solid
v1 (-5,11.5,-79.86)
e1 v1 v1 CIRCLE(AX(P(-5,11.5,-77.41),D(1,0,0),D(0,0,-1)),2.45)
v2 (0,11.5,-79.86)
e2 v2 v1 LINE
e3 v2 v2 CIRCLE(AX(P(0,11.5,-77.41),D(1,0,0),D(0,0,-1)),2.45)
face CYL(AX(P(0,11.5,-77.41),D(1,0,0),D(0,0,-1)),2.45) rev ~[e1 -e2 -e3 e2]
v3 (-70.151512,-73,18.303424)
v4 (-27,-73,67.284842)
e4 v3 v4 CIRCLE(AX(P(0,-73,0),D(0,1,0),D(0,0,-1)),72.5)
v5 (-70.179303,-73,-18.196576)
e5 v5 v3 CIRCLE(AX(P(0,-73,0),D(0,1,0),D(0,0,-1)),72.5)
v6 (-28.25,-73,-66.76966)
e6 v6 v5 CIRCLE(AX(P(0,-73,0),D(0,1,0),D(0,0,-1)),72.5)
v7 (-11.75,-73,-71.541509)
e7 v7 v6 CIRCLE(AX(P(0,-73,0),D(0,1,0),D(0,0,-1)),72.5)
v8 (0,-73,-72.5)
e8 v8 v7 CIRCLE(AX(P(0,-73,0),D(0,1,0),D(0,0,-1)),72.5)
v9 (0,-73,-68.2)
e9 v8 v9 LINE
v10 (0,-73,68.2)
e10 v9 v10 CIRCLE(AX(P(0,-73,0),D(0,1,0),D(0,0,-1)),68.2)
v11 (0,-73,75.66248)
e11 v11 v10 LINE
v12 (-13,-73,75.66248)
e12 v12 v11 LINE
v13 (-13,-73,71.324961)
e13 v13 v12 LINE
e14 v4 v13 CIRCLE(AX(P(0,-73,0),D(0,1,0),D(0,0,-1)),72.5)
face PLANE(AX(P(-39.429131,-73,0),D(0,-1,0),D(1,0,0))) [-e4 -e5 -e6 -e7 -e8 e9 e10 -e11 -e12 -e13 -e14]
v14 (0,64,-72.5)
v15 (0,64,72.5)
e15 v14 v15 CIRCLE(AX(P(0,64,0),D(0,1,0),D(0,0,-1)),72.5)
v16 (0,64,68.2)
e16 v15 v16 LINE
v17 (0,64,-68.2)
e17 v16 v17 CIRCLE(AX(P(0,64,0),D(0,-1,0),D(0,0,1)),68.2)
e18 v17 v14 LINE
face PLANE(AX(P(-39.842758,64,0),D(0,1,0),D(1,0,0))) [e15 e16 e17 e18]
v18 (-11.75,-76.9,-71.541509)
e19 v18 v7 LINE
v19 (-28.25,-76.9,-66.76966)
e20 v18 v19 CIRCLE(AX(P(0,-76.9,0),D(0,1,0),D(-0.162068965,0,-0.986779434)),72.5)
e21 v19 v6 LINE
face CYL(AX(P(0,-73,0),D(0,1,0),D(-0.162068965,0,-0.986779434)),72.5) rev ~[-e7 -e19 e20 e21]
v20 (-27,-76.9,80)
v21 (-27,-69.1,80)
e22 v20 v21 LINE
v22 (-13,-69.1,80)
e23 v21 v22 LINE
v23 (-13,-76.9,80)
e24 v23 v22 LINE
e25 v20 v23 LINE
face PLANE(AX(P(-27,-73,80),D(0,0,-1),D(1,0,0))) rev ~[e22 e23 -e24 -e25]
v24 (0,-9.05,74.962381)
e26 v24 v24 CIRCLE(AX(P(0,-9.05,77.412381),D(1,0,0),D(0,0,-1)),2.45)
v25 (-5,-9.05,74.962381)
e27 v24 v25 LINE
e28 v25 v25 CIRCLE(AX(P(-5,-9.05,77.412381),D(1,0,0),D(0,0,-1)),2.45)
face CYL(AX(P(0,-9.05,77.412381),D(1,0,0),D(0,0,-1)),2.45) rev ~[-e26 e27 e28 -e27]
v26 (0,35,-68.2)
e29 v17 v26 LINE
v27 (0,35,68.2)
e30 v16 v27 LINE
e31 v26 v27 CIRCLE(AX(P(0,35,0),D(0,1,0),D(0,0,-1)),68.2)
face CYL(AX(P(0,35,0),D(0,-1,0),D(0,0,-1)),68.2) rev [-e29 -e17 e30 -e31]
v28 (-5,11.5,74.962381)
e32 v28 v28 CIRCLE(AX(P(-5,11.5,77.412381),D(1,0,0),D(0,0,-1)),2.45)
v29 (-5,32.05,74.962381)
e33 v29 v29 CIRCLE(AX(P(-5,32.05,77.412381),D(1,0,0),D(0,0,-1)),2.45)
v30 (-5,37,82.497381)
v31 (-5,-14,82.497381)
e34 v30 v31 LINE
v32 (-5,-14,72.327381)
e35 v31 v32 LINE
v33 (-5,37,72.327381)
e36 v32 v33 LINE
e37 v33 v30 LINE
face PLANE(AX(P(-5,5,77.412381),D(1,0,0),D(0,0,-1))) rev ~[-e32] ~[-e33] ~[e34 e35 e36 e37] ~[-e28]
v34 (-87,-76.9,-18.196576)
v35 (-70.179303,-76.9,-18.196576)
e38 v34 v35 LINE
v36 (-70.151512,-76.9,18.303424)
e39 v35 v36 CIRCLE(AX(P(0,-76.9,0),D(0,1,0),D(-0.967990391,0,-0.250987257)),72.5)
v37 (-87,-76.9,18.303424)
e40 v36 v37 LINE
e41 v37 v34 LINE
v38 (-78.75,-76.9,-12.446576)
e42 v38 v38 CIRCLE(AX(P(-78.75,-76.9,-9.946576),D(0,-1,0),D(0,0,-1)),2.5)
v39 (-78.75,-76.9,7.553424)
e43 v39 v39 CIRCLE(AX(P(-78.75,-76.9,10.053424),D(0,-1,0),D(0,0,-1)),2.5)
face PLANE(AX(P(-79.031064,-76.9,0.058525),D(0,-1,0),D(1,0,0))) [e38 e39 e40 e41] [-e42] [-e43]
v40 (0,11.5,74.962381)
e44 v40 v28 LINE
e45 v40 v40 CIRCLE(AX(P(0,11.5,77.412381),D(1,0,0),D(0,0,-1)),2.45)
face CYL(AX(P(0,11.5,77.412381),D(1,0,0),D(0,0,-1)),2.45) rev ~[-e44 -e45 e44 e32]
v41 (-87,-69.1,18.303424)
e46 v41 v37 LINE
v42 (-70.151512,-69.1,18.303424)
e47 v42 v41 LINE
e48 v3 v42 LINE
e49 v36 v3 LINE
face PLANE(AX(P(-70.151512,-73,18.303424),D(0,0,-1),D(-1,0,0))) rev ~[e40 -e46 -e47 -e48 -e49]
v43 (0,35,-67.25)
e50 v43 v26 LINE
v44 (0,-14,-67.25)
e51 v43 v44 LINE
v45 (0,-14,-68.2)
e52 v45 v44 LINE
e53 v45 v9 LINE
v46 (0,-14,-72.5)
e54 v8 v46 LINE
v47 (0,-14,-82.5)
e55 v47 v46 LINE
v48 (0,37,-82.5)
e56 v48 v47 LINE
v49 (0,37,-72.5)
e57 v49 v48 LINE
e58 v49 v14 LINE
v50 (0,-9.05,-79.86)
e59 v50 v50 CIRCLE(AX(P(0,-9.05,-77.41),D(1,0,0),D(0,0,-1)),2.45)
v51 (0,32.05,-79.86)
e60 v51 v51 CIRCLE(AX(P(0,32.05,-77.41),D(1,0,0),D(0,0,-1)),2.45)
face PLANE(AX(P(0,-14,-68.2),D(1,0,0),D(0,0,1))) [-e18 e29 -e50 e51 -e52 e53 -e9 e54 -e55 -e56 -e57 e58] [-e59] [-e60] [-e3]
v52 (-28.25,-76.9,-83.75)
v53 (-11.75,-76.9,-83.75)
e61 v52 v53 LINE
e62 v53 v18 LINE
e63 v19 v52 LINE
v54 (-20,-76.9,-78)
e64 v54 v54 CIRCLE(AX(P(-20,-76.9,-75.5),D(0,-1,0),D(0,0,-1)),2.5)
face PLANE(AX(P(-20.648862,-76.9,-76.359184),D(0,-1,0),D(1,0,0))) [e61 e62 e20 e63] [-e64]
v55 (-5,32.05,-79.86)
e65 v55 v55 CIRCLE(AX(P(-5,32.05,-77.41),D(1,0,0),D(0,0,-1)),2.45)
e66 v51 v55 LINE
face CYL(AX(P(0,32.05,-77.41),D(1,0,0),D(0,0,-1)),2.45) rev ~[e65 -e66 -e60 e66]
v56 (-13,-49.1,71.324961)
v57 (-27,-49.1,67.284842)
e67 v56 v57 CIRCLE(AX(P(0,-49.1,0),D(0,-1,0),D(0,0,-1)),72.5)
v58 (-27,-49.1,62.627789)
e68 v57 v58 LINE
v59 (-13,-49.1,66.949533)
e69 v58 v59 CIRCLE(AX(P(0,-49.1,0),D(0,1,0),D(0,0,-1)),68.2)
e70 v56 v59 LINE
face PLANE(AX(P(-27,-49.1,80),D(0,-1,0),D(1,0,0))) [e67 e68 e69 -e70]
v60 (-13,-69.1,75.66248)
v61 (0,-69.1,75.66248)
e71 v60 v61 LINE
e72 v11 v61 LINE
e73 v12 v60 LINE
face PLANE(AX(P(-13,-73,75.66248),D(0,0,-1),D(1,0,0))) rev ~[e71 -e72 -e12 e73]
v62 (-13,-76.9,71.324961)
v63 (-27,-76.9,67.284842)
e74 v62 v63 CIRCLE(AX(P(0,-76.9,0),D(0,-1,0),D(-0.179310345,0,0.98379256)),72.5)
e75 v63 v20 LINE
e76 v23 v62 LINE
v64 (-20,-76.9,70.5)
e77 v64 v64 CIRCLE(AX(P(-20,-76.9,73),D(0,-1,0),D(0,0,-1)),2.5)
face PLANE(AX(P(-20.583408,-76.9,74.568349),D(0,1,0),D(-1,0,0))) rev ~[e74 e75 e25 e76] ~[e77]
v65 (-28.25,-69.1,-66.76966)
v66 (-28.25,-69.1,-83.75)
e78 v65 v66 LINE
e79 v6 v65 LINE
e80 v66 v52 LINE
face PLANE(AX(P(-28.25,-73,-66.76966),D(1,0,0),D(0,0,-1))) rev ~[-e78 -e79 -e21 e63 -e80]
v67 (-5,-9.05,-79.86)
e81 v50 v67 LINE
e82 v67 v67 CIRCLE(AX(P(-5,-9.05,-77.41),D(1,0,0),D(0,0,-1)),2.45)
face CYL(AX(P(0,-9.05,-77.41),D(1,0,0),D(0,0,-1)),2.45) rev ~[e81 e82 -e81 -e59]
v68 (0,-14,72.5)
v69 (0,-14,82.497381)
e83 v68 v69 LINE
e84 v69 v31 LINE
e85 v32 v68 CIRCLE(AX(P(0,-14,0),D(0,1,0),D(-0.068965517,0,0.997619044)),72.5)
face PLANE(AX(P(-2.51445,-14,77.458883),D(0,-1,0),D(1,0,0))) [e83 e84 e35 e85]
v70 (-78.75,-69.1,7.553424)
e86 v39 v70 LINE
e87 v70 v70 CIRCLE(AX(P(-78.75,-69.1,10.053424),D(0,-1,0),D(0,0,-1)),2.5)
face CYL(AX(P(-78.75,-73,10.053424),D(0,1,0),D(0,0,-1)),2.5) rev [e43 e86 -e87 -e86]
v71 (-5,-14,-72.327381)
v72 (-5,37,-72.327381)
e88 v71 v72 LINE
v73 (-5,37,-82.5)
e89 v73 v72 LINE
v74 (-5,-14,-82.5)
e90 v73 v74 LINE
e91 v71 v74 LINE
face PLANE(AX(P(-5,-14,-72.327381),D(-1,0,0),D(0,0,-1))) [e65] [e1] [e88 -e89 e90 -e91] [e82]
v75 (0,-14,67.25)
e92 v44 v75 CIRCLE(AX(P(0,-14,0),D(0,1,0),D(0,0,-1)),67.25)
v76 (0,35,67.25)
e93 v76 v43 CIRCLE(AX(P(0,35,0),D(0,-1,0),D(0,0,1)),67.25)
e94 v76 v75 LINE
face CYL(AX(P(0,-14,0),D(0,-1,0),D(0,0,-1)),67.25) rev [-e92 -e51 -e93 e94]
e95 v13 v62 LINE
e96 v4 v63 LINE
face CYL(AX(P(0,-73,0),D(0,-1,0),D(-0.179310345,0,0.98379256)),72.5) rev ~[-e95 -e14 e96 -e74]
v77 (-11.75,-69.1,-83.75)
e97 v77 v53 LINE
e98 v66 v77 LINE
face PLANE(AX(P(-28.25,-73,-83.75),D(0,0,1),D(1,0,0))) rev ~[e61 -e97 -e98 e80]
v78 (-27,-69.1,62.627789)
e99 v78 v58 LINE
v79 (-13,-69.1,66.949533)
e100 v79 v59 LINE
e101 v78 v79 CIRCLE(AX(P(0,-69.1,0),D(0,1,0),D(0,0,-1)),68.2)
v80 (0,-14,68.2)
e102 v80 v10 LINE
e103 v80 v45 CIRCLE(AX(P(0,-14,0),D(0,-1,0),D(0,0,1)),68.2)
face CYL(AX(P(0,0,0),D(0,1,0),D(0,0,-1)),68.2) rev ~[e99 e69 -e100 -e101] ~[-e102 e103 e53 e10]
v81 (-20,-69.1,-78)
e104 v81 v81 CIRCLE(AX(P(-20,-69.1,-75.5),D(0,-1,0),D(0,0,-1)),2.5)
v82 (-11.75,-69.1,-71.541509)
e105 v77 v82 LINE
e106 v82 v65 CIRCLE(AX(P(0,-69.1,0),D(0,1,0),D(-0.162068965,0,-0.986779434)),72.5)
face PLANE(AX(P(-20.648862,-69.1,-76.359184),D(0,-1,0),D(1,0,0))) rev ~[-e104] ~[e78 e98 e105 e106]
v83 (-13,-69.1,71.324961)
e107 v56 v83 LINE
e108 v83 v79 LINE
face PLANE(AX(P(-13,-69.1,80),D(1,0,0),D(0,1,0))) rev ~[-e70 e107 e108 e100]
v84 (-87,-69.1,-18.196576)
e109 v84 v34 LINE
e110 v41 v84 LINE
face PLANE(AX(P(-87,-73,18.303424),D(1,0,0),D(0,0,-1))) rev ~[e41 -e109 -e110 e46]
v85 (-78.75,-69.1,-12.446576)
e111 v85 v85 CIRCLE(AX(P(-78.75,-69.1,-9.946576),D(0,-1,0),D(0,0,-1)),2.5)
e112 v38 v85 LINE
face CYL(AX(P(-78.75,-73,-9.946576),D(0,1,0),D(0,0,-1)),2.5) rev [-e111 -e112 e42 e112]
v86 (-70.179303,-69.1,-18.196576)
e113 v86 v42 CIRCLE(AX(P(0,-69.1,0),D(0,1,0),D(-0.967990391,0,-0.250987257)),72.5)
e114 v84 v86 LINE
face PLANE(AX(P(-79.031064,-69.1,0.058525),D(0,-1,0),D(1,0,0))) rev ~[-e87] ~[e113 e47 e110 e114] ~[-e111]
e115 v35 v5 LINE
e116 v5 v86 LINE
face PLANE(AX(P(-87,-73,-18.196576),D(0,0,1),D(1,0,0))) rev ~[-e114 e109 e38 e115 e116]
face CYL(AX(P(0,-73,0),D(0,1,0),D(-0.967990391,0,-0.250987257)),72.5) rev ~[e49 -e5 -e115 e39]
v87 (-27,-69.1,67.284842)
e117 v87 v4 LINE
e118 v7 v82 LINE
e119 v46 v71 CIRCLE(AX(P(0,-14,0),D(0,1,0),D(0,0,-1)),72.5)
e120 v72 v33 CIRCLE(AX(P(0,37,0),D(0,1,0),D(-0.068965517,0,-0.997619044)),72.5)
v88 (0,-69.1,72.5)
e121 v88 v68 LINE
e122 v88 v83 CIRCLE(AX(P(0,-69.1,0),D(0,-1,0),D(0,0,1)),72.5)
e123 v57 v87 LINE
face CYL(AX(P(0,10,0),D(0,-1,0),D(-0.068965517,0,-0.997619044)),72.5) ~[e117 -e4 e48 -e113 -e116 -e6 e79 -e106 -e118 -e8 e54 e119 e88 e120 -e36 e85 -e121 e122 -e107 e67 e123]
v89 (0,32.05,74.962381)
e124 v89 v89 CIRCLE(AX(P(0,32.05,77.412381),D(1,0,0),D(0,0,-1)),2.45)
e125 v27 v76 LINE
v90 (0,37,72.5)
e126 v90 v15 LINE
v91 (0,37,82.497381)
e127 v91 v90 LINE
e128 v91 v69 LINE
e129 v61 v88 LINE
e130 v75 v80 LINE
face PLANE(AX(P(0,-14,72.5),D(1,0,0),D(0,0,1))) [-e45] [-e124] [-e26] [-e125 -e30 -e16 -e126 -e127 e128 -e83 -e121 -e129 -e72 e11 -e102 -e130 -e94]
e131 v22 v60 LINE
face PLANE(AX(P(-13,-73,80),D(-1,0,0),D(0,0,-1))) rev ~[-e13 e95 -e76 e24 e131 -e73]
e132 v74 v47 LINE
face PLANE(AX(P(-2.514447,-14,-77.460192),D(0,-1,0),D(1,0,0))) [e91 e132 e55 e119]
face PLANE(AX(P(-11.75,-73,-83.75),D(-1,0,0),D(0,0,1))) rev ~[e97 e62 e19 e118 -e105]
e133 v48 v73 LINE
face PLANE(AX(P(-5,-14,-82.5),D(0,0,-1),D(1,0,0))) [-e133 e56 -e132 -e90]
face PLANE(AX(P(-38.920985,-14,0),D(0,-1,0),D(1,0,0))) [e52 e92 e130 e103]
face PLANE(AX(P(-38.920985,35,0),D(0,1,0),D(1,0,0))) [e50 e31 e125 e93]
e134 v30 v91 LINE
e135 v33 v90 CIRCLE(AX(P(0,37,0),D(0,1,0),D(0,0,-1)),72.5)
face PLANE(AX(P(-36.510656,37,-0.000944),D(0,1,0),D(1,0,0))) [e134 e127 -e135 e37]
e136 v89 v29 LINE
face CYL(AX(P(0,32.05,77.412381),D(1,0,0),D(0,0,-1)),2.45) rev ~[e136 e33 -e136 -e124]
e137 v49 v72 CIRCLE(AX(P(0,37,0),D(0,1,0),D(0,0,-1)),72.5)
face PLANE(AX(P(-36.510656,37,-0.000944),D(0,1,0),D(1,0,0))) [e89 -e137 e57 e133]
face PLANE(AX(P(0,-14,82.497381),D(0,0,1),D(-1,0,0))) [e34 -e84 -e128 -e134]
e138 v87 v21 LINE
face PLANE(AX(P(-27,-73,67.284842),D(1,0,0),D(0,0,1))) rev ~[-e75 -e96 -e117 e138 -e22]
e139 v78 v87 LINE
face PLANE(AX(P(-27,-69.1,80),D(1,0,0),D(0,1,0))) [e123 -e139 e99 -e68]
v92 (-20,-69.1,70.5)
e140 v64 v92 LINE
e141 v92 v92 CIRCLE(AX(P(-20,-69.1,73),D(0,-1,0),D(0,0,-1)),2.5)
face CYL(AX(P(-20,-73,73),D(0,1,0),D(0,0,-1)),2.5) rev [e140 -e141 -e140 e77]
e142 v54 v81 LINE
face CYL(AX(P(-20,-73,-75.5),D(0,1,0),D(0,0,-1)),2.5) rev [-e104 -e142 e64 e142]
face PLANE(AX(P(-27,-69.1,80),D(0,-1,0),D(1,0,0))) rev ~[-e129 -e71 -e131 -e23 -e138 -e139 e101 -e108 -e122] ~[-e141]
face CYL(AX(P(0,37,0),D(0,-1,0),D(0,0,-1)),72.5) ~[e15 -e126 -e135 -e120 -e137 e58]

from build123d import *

# Parameters (mm, degrees)
BOSS_EXTRUDE1_DEPTH  = 10
BOSS_EXTRUDE2_START  = 73
BOSS_EXTRUDE2_DEPTH  = 73
SKETCH4_R            = 2.5
BOSS_EXTRUDE3_DEPTH  = 3.9
SKETCH6_R            = 2.45
CUT_EXTRUDE1_DEPTH   = 13.9
SKETCH7_W            = 14
SKETCH7_H            = 20
CUT_EXTRUDE2_DEPTH   = 23.9
BOSS_EXTRUDE4_START  = -3.9
BOSS_EXTRUDE4_DEPTH  = 3.9
SKETCH12_W           = 5
SKETCH12_H           = 10
BOSS_EXTRUDE5_DEPTH  = 0.17
CUT_EXTRUDE3_START   = -73
SKETCH13_R           = 68.75
CUT_EXTRUDE3_DEPTH   = 73
BOSS_EXTRUDE6_DEPTH  = 27
BOSS_EXTRUDE7_DEPTH  = 27
BOSS_EXTRUDE8_DEPTH  = 73
BOSS_EXTRUDE9_START  = -37
BOSS_EXTRUDE9_DEPTH  = 37
BOSS_EXTRUDE10_START = 14
BOSS_EXTRUDE10_DEPTH = 14
CUT_EXTRUDE4_START   = -2
CUT_EXTRUDE4_DEPTH   = 2
SKETCH21_W           = 14
SKETCH21_H           = 20
CUT_EXTRUDE5_DEPTH   = 22
BOSS_EXTRUDE11_START = 14
BOSS_EXTRUDE11_DEPTH = 14
BOSS_EXTRUDE12_START = -5
SKETCH25_R           = 2.45
BOSS_EXTRUDE12_DEPTH = 5
SKETCH24_R           = 2.45
CUT_EXTRUDE6_DEPTH   = 22
BOSS_EXTRUDE13_START = -5
SKETCH26_R           = 2.45
BOSS_EXTRUDE13_DEPTH = 5
BOSS_EXTRUDE14_START = 14
BOSS_EXTRUDE14_DEPTH = 14
SKETCH29_R           = 2.45
CUT_EXTRUDE7_DEPTH   = 22


with BuildPart() as part:
    # Sketch1 → Boss-Extrude1 (new body)
    with BuildSketch(Plane(origin=(0, 0, 0), x_dir=(1, 0, 0), z_dir=(0, 1, 0))):
        with BuildLine():
            Line((0, -67.5), (0, -82.327380707))
            Line((0, -82.327380707), (-5, -82.327380707))
            Line((-5, -82.327380707), (-5, -72.327380707))
            ThreePointArc((-5, -72.327380707), (-72.5, 0), (-5, 72.327380707))
            Line((-5, 72.327380707), (-5, 82.5))
            Line((-5, 82.5), (0, 82.5))
            Line((0, 82.5), (0, 67.5))
            ThreePointArc((0, 67.5), (-67.5, 0), (0, -67.5))
        make_face()
    extrude(amount=BOSS_EXTRUDE1_DEPTH)

    # Sketch2 → Boss-Extrude2 (add)
    with BuildSketch(Plane.XZ.offset(BOSS_EXTRUDE2_START)):
        with BuildLine():
            Line((0, 72.5), (0, 68.5))
            ThreePointArc((0, 68.5), (-68.5, 0), (0, -68.5))
            Line((0, -68.5), (0, -72.5))
            ThreePointArc((0, -72.5), (-72.5, 0), (0, 72.5))
        make_face()
    extrude(amount=-BOSS_EXTRUDE2_DEPTH)

    # Sketch4 → Boss-Extrude3 (add, symmetric)
    # profile 1 of 3: a face of its own
    with BuildSketch(Plane.XZ.offset(73)):
        with BuildLine():
            Line((-70.151512279, 18.30342386), (-87, 18.30342386))
            Line((-87, 18.30342386), (-87, -18.19657614))
            Line((-87, -18.19657614), (-70.179303336, -18.19657614))
            ThreePointArc((-70.179303336, -18.19657614), (-72.499978985, 0.055201399), (-70.151512279, 18.30342386))
        make_face()
        with Locations(Location((-78.75, 10.05342386, 0), (0, 0, 270))):
            Circle(SKETCH4_R, mode=Mode.SUBTRACT)
        with Locations(Location((-78.75, -9.94657614, 0), (0, 0, 270))):
            Circle(SKETCH4_R, mode=Mode.SUBTRACT)
    # profile 2 of 3: a face of its own
    with BuildSketch(Plane.XZ.offset(73)):
        with BuildLine():
            Line((-28.25, -66.769660026), (-28.25, -83.75))
            Line((-28.25, -83.75), (-11.75, -83.75))
            Line((-11.75, -83.75), (-11.75, -71.54150893))
            ThreePointArc((-11.75, -71.54150893), (-20.141813113, -69.645942915), (-28.25, -66.769660026))
        make_face()
        with Locations(Location((-20, -75.5, 0), (0, 0, 270))):
            Circle(SKETCH4_R, mode=Mode.SUBTRACT)
    # profile 3 of 3: a face of its own
    with BuildSketch(Plane.XZ.offset(73)):
        with BuildLine():
            Line((-27, 67.284842275), (-27, 80))
            Line((-27, 80), (-13, 80))
            Line((-13, 80), (-13, 71.324960568))
            ThreePointArc((-13, 71.324960568), (-20.101757111, 69.657514749), (-27, 67.284842275))
        make_face()
        with Locations(Location((-20, 73, 0), (0, 0, 270))):
            Circle(SKETCH4_R, mode=Mode.SUBTRACT)
    extrude(amount=BOSS_EXTRUDE3_DEPTH, both=True)

    # Sketch6 → Cut-Extrude1 (cut)
    with BuildSketch(Plane.ZY.offset(5)):
        with Locations((77.412380707, 5)):
            Circle(SKETCH6_R)
        with Locations((-77.413690354, 5)):
            Circle(SKETCH6_R)
    extrude(amount=-CUT_EXTRUDE1_DEPTH, mode=Mode.SUBTRACT)

    # Sketch7 → Cut-Extrude2 (cut)
    with BuildSketch(Plane.XY.offset(80)):
        with Locations((-20, -59.1)):
            Rectangle(SKETCH7_W, SKETCH7_H)
    extrude(amount=-CUT_EXTRUDE2_DEPTH, mode=Mode.SUBTRACT)

    # Sketch10 → Boss-Extrude4 (add)
    with BuildSketch(Plane(origin=(0, -69.1, 0), x_dir=(1, 0, 0), z_dir=(0, 1, 0)).offset(BOSS_EXTRUDE4_START)):
        with BuildLine():
            Line((-13, -71.324960568), (-13, -75.662480284))
            Line((-13, -75.662480284), (0, -75.662480284))
            Line((0, -75.662480284), (0, -72.5))
            ThreePointArc((0, -72.5), (-6.526498251, -72.205642581), (-13, -71.324960568))
        make_face()
    extrude(amount=BOSS_EXTRUDE4_DEPTH)

    # Sketch12 → Boss-Extrude5 (add)
    with BuildSketch(Plane.XY.offset(82.327380707)):
        with Locations((-2.5, 5)):
            Rectangle(SKETCH12_W, SKETCH12_H)
    extrude(amount=BOSS_EXTRUDE5_DEPTH)

    # Sketch13 → Cut-Extrude3 (cut)
    with BuildSketch(Plane.XZ.offset(73).offset(CUT_EXTRUDE3_START)):
        Circle(SKETCH13_R)
    extrude(amount=CUT_EXTRUDE3_DEPTH, mode=Mode.SUBTRACT)

    # Sketch14 → Boss-Extrude6 (add)
    with BuildSketch(Plane(origin=(0, 10, 0), x_dir=(1, 0, 0), z_dir=(0, 1, 0))):
        with BuildLine():
            Line((-5, -72.327380707), (-5, -82.497380707))
            Line((-5, -82.497380707), (0, -82.497380707))
            Line((0, -82.497380707), (0, -67.5))
            ThreePointArc((0, -67.5), (-67.5, 0), (0, 67.5))
            Line((0, 67.5), (0, 82.5))
            Line((0, 82.5), (-5, 82.5))
            Line((-5, 82.5), (-5, 72.327380707))
            ThreePointArc((-5, 72.327380707), (-72.5, 0), (-5, -72.327380707))
        make_face()
    extrude(amount=BOSS_EXTRUDE6_DEPTH)

    # Sketch15 → Boss-Extrude7 (add)
    with BuildSketch(Plane(origin=(0, 37, 0), x_dir=(1, 0, 0), z_dir=(0, 1, 0))):
        with BuildLine():
            Line((0, 68.2), (0, 72.5))
            ThreePointArc((0, 72.5), (-72.5, 0), (0, -72.5))
            Line((0, -72.5), (0, -68.2))
            ThreePointArc((0, -68.2), (-68.2, 0), (0, 68.2))
        make_face()
    extrude(amount=BOSS_EXTRUDE7_DEPTH)

    # Sketch17 → Boss-Extrude8 (add)
    with BuildSketch(Plane.XZ):
        with BuildLine():
            Line((0, 68.2), (0, 68.75))
            ThreePointArc((0, 68.75), (-68.75, 0), (0, -68.75))
            Line((0, -68.75), (0, -68.2))
            ThreePointArc((0, -68.2), (-68.2, 0), (0, 68.2))
        make_face()
    extrude(amount=BOSS_EXTRUDE8_DEPTH)

    # Sketch18 → Boss-Extrude9 (add)
    with BuildSketch(Plane(origin=(0, 37, 0), x_dir=(1, 0, 0), z_dir=(0, 1, 0)).offset(BOSS_EXTRUDE9_START)):
        with BuildLine():
            Line((0, -67.25), (0, -67.5))
            ThreePointArc((0, -67.5), (-67.5, 0), (0, 67.5))
            Line((0, 67.5), (0, 67.25))
            ThreePointArc((0, 67.25), (-67.25, 0), (0, -67.25))
        make_face()
    extrude(amount=BOSS_EXTRUDE9_DEPTH)

    # Sketch19 → Boss-Extrude10 (add)
    with BuildSketch(Plane.XZ.offset(BOSS_EXTRUDE10_START)):
        with BuildLine():
            Line((0, -68.2), (0, -67.25))
            ThreePointArc((0, -67.25), (-67.25, 0), (0, 67.25))
            Line((0, 67.25), (0, 68.2))
            ThreePointArc((0, 68.2), (-68.2, 0), (0, -68.2))
        make_face()
    extrude(amount=-BOSS_EXTRUDE10_DEPTH)

    # Sketch20 → Cut-Extrude4 (cut)
    with BuildSketch(Plane(origin=(0, 37, 0), x_dir=(1, 0, 0), z_dir=(0, 1, 0)).offset(CUT_EXTRUDE4_START)):
        with BuildLine():
            Line((0, 67.25), (0, 68.2))
            ThreePointArc((0, 68.2), (-68.2, 0), (0, -68.2))
            Line((0, -68.2), (0, -67.25))
            ThreePointArc((0, -67.25), (-67.25, 0), (0, 67.25))
        make_face()
    extrude(amount=CUT_EXTRUDE4_DEPTH, mode=Mode.SUBTRACT)

    # Sketch21 → Cut-Extrude5 (cut)
    with BuildSketch(Plane.XY.offset(80)):
        with Locations((-20, -59.1)):
            Rectangle(SKETCH21_W, SKETCH21_H)
    extrude(amount=-CUT_EXTRUDE5_DEPTH, mode=Mode.SUBTRACT)

    # Sketch23 → Boss-Extrude11 (add)
    with BuildSketch(Plane.XZ.offset(BOSS_EXTRUDE11_START)):
        with BuildLine():
            Line((0, 72.5), (0, 82.497380707))
            Line((0, 82.497380707), (-5, 82.497380707))
            Line((-5, 82.497380707), (-5, 72.327380707))
            ThreePointArc((-5, 72.327380707), (-2.501489427, 72.456832325), (0, 72.5))
        make_face()
    extrude(amount=-BOSS_EXTRUDE11_DEPTH)

    # Sketch25 → Boss-Extrude12 (add)
    with BuildSketch(Plane(origin=(0, 0, 0), x_dir=(0, 0, -1), z_dir=(1, 0, 0)).offset(BOSS_EXTRUDE12_START)):
        with Locations((-77.412380707, 5)):
            Circle(SKETCH25_R)
    extrude(amount=BOSS_EXTRUDE12_DEPTH)

    # Sketch24 → Cut-Extrude6 (cut)
    with BuildSketch(Plane(origin=(0, 0, 0), x_dir=(0, 0, -1), z_dir=(1, 0, 0))):
        with Locations((-77.412380707, -9.05)):
            Circle(SKETCH24_R)
        with Locations((-77.412380707, 32.05)):
            Circle(SKETCH24_R)
        with Locations((-77.412380707, 11.5)):
            Circle(SKETCH24_R)
    extrude(amount=-CUT_EXTRUDE6_DEPTH, mode=Mode.SUBTRACT)

    # Sketch26 → Boss-Extrude13 (add)
    with BuildSketch(Plane(origin=(0, 0, 0), x_dir=(0, 0, -1), z_dir=(1, 0, 0)).offset(BOSS_EXTRUDE13_START)):
        with Locations((77.413690354, 5)):
            Circle(SKETCH26_R)
    extrude(amount=BOSS_EXTRUDE13_DEPTH)

    # Sketch27 → Boss-Extrude14 (add)
    with BuildSketch(Plane.XZ.offset(BOSS_EXTRUDE14_START)):
        with BuildLine():
            Line((-5, -72.327380707), (-5, -82.5))
            Line((-5, -82.5), (0, -82.5))
            Line((0, -82.5), (0, -72.5))
            ThreePointArc((0, -72.5), (-2.501489427, -72.456832325), (-5, -72.327380707))
        make_face()
    extrude(amount=-BOSS_EXTRUDE14_DEPTH)

    # Sketch29 → Cut-Extrude7 (cut)
    with BuildSketch(Plane(origin=(0, 0, 0), x_dir=(0, 0, -1), z_dir=(1, 0, 0))):
        with Locations((77.41, 32.05)):
            Circle(SKETCH29_R)
        with Locations((77.41, 11.5)):
            Circle(SKETCH29_R)
        with Locations((77.41, -9.05)):
            Circle(SKETCH29_R)
    extrude(amount=-CUT_EXTRUDE7_DEPTH, mode=Mode.SUBTRACT)


solid = part.part
